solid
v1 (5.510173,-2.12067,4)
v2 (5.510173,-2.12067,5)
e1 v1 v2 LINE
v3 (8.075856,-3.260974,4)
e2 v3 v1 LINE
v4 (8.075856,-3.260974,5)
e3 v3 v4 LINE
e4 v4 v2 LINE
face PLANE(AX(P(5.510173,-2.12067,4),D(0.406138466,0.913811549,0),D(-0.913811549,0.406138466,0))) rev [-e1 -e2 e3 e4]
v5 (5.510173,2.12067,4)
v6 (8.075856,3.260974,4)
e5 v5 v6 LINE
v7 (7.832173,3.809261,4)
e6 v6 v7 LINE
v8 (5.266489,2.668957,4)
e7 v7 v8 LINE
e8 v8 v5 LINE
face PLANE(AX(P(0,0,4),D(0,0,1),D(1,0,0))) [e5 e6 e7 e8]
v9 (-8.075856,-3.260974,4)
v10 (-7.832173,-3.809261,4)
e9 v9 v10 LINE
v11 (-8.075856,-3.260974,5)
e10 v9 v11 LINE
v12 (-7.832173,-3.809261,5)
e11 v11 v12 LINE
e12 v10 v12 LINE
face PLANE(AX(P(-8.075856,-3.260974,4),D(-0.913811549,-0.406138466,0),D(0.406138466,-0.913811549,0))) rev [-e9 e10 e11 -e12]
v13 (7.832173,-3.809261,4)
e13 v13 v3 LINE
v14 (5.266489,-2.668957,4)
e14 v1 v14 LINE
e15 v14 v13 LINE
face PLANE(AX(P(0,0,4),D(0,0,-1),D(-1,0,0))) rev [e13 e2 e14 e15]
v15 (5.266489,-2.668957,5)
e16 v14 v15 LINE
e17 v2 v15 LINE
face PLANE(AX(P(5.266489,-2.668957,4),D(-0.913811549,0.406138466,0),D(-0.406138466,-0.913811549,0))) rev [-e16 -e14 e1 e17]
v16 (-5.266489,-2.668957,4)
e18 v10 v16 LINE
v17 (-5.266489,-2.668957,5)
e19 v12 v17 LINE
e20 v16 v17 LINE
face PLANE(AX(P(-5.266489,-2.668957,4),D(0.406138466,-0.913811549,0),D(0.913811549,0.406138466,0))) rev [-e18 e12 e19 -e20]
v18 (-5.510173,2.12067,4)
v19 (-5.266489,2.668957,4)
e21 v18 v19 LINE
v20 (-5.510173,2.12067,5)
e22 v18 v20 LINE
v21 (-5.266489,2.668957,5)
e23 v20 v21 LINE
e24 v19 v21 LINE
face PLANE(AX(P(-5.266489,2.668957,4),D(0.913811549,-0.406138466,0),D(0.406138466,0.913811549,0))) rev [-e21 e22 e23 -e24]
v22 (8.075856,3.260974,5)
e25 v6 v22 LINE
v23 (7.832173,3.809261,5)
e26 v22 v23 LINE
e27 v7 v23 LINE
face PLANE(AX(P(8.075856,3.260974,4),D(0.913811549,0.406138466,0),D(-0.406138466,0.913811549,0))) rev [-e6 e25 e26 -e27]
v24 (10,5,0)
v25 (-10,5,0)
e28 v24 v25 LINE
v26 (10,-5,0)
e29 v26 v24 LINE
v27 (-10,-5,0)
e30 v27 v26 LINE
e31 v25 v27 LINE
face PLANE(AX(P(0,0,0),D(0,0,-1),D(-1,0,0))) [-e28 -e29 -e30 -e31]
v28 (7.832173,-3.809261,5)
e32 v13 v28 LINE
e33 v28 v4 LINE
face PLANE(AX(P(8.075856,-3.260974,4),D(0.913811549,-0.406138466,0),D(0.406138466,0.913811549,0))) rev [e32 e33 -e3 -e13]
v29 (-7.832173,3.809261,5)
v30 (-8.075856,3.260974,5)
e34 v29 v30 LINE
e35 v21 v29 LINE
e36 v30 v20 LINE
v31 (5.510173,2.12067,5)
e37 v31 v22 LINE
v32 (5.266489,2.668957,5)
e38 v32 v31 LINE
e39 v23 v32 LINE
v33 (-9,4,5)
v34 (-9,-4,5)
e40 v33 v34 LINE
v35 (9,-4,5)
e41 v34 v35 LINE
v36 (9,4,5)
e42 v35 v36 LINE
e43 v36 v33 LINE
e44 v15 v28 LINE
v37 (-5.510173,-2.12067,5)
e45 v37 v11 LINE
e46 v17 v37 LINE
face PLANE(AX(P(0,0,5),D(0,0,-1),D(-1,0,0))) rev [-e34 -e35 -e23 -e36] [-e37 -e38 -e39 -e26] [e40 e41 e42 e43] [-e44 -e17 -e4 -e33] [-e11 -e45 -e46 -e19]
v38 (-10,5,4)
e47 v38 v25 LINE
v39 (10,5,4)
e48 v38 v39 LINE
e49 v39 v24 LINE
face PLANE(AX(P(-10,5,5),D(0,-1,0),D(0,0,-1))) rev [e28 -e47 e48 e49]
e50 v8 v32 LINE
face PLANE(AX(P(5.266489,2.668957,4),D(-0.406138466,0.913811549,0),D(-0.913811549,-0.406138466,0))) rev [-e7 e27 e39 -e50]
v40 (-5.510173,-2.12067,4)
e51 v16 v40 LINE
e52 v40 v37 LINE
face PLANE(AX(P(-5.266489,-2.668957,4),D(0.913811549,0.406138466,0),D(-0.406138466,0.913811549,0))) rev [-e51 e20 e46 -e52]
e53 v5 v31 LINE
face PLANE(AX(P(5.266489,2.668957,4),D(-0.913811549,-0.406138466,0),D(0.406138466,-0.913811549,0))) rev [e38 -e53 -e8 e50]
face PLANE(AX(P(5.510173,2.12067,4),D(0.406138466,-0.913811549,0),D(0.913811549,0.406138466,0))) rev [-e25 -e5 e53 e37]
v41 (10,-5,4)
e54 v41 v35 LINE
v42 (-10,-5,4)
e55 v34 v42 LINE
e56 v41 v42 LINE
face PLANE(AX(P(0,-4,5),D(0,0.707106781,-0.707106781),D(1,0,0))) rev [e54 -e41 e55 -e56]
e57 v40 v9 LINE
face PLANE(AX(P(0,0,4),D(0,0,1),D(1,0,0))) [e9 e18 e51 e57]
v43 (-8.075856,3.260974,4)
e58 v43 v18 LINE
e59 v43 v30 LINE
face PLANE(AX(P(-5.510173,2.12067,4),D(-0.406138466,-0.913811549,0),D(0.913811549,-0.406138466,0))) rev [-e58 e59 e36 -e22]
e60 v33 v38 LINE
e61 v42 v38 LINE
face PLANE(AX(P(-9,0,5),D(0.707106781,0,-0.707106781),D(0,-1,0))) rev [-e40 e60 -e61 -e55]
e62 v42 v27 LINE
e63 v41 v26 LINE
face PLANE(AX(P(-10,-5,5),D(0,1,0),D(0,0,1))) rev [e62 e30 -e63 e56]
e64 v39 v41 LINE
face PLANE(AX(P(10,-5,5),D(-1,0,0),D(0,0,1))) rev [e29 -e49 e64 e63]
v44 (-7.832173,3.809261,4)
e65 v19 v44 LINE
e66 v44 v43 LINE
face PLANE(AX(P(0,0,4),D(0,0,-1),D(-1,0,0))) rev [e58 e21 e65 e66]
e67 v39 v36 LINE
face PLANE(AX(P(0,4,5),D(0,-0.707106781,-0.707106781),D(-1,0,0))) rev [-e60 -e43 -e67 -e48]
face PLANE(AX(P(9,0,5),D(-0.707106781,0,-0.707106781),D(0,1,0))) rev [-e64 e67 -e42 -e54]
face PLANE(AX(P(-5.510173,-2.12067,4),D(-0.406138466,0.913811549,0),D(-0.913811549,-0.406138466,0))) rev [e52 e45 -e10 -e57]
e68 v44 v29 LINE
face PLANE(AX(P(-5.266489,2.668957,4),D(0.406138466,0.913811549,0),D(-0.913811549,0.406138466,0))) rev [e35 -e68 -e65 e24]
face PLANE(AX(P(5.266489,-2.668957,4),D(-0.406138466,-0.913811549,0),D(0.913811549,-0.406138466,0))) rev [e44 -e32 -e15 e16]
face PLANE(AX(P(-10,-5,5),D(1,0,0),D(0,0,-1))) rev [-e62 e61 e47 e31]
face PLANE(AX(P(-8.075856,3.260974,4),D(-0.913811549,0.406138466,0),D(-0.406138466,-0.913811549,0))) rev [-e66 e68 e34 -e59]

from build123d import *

# Parameters (mm, degrees)
SKETCH_1_W          = 20
SKETCH_1_H          = 10
EXTRUDE_1_DEPTH     = 5
CHAMFER_1_SIZE      = 1
CUT_EXTRUDE_1_DEPTH = 1


with BuildPart() as part:
    # 草图1 → 凸台-拉伸1 (new body)
    with BuildSketch(Plane.XY):
        Rectangle(SKETCH_1_W, SKETCH_1_H)
    extrude(amount=EXTRUDE_1_DEPTH)

    # 倒角1
    chamfer_1_edges = [part.edges().sort_by_distance(p)[0] for p in [
        (-10, 0, 5),
        (0, -5, 5),
        (10, 0, 5),
        (0, 5, 5),
    ]]
    chamfer(chamfer_1_edges, length=CHAMFER_1_SIZE)

    # 草图2 → 切除-拉伸1 (cut)
    with BuildSketch(Plane.XY.offset(5)):
        Polygon((-5.266489436, -2.668957232), (-5.510172516, -2.120670303), (-8.075856157, -3.260974143), (-7.832173078, -3.809261072), align=None)
        Polygon((-5.266489436, 2.668957232), (-7.832173078, 3.809261072), (-8.075856157, 3.260974143), (-5.510172516, 2.120670303), align=None)
        Polygon((5.266489436, 2.668957232), (5.510172516, 2.120670303), (8.075856157, 3.260974143), (7.832173078, 3.809261072), align=None)
        Polygon((5.266489436, -2.668957232), (7.832173078, -3.809261072), (8.075856157, -3.260974143), (5.510172516, -2.120670303), align=None)
    extrude(amount=-CUT_EXTRUDE_1_DEPTH, mode=Mode.SUBTRACT)


solid = part.part
